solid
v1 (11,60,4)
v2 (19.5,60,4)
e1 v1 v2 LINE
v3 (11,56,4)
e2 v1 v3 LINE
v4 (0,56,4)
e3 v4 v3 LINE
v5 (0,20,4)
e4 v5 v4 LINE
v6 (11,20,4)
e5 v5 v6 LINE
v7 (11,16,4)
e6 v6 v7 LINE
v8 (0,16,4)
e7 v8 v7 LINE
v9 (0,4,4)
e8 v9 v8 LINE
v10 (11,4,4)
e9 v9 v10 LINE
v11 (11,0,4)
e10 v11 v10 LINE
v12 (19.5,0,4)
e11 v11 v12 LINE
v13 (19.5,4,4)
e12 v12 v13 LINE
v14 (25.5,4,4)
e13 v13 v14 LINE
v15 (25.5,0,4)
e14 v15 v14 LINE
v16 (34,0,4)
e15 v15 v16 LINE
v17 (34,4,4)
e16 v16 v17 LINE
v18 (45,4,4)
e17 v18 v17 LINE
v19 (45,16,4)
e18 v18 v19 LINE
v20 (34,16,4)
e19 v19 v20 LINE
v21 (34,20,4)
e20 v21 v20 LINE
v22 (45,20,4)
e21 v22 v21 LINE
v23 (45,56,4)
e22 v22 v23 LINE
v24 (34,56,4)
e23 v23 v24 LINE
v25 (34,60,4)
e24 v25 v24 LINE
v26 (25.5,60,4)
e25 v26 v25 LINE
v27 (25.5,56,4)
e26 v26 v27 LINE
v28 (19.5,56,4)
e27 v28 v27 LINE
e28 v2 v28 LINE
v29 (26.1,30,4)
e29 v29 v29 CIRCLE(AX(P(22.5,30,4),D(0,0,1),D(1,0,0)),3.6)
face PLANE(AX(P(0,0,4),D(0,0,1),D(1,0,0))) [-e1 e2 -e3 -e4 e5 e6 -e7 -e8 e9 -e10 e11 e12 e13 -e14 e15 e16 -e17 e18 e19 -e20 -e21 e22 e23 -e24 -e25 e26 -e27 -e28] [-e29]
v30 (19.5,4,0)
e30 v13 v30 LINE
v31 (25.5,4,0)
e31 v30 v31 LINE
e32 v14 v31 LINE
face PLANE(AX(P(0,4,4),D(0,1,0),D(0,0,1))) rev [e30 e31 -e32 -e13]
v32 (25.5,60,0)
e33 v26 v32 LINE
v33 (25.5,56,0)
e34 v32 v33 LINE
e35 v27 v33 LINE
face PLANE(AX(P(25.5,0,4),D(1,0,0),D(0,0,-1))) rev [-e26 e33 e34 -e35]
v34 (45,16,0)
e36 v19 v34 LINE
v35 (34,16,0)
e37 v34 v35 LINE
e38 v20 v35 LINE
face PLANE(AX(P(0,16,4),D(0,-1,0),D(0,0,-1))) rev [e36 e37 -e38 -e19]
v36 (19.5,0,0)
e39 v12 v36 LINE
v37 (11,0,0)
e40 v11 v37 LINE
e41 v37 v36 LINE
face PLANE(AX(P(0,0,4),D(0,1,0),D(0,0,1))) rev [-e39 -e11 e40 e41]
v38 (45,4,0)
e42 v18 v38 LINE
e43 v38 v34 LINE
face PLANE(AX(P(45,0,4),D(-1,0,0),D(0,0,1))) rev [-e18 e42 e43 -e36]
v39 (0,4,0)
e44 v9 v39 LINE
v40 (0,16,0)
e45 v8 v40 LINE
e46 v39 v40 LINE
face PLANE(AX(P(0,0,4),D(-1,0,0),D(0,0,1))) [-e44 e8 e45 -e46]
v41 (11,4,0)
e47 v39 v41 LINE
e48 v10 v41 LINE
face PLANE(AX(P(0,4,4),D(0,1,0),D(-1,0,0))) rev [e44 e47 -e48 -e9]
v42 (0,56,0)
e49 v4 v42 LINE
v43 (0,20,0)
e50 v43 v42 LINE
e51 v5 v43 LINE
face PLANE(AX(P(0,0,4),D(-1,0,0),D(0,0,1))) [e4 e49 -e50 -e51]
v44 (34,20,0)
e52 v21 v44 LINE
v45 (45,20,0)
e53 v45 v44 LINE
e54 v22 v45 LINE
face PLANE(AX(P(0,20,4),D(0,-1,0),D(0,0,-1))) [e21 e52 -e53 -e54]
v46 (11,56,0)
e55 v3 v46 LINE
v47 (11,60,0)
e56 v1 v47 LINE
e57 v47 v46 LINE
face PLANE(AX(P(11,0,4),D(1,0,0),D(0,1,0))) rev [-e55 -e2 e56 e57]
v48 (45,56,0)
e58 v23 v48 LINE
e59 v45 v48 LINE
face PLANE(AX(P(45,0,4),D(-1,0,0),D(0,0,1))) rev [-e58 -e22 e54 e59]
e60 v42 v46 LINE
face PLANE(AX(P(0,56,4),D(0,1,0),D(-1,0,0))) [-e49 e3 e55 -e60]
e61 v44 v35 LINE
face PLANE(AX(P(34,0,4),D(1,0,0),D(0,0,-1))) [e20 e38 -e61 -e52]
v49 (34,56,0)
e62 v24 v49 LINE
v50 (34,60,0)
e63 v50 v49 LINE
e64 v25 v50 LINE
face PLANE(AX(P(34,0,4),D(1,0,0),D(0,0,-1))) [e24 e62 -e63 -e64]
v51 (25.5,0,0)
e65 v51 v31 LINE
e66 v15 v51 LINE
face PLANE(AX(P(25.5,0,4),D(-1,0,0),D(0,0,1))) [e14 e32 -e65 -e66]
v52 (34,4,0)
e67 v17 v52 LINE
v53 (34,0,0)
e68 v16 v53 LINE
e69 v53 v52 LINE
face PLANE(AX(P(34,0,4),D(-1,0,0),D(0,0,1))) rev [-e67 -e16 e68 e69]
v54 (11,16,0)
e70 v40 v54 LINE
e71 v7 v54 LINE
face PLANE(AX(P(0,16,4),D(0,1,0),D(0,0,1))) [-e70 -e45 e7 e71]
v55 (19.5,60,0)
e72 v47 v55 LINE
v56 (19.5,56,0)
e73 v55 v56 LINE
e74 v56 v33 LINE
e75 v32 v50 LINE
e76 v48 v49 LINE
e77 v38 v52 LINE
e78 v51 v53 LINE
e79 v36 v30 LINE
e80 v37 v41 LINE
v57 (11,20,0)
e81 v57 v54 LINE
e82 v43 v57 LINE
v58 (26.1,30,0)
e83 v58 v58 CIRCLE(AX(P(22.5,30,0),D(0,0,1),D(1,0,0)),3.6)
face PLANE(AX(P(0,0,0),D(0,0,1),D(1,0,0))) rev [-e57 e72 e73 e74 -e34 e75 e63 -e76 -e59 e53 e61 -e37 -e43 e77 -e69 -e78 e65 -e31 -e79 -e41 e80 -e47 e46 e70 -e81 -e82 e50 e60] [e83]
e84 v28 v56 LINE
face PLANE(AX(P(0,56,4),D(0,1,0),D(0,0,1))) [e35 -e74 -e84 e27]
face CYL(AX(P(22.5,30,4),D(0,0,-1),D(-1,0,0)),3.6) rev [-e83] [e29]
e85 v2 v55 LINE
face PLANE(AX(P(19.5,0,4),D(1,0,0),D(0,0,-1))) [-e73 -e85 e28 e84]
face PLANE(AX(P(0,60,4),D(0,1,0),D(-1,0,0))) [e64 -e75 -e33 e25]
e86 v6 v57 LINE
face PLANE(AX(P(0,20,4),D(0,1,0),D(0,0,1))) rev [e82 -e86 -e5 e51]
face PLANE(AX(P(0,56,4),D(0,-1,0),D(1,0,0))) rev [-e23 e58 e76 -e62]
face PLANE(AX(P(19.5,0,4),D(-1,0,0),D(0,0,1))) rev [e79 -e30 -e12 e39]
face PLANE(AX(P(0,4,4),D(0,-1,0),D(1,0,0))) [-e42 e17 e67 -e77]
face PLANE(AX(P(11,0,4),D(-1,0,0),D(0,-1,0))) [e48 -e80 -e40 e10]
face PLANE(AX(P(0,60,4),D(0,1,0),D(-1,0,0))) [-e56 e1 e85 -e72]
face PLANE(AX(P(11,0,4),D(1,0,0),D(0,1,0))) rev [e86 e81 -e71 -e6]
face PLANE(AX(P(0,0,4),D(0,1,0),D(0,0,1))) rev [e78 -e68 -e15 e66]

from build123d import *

# Parameters (mm, degrees)
SKETCH1_R           = 3.6
BOSS_EXTRUDE1_DEPTH = 4


with BuildPart() as part:
    # Sketch1 → Boss-Extrude1 (new body)
    with BuildSketch(Plane.XY):
        Polygon((11, 4), (11, 0), (19.5, 0), (19.5, 4), (25.5, 4), (25.5, 0), (34, 0), (34, 4), (45, 4), (45, 16), (34, 16), (34, 20), (45, 20), (45, 56), (34, 56), (34, 60), (25.5, 60), (25.5, 56), (19.5, 56), (19.5, 60), (11, 60), (11, 56), (0, 56), (0, 20), (11, 20), (11, 16), (0, 16), (0, 4), align=None)
        with Locations((22.5, 30)):
            Circle(SKETCH1_R, mode=Mode.SUBTRACT)
    extrude(amount=BOSS_EXTRUDE1_DEPTH)


solid = part.part
